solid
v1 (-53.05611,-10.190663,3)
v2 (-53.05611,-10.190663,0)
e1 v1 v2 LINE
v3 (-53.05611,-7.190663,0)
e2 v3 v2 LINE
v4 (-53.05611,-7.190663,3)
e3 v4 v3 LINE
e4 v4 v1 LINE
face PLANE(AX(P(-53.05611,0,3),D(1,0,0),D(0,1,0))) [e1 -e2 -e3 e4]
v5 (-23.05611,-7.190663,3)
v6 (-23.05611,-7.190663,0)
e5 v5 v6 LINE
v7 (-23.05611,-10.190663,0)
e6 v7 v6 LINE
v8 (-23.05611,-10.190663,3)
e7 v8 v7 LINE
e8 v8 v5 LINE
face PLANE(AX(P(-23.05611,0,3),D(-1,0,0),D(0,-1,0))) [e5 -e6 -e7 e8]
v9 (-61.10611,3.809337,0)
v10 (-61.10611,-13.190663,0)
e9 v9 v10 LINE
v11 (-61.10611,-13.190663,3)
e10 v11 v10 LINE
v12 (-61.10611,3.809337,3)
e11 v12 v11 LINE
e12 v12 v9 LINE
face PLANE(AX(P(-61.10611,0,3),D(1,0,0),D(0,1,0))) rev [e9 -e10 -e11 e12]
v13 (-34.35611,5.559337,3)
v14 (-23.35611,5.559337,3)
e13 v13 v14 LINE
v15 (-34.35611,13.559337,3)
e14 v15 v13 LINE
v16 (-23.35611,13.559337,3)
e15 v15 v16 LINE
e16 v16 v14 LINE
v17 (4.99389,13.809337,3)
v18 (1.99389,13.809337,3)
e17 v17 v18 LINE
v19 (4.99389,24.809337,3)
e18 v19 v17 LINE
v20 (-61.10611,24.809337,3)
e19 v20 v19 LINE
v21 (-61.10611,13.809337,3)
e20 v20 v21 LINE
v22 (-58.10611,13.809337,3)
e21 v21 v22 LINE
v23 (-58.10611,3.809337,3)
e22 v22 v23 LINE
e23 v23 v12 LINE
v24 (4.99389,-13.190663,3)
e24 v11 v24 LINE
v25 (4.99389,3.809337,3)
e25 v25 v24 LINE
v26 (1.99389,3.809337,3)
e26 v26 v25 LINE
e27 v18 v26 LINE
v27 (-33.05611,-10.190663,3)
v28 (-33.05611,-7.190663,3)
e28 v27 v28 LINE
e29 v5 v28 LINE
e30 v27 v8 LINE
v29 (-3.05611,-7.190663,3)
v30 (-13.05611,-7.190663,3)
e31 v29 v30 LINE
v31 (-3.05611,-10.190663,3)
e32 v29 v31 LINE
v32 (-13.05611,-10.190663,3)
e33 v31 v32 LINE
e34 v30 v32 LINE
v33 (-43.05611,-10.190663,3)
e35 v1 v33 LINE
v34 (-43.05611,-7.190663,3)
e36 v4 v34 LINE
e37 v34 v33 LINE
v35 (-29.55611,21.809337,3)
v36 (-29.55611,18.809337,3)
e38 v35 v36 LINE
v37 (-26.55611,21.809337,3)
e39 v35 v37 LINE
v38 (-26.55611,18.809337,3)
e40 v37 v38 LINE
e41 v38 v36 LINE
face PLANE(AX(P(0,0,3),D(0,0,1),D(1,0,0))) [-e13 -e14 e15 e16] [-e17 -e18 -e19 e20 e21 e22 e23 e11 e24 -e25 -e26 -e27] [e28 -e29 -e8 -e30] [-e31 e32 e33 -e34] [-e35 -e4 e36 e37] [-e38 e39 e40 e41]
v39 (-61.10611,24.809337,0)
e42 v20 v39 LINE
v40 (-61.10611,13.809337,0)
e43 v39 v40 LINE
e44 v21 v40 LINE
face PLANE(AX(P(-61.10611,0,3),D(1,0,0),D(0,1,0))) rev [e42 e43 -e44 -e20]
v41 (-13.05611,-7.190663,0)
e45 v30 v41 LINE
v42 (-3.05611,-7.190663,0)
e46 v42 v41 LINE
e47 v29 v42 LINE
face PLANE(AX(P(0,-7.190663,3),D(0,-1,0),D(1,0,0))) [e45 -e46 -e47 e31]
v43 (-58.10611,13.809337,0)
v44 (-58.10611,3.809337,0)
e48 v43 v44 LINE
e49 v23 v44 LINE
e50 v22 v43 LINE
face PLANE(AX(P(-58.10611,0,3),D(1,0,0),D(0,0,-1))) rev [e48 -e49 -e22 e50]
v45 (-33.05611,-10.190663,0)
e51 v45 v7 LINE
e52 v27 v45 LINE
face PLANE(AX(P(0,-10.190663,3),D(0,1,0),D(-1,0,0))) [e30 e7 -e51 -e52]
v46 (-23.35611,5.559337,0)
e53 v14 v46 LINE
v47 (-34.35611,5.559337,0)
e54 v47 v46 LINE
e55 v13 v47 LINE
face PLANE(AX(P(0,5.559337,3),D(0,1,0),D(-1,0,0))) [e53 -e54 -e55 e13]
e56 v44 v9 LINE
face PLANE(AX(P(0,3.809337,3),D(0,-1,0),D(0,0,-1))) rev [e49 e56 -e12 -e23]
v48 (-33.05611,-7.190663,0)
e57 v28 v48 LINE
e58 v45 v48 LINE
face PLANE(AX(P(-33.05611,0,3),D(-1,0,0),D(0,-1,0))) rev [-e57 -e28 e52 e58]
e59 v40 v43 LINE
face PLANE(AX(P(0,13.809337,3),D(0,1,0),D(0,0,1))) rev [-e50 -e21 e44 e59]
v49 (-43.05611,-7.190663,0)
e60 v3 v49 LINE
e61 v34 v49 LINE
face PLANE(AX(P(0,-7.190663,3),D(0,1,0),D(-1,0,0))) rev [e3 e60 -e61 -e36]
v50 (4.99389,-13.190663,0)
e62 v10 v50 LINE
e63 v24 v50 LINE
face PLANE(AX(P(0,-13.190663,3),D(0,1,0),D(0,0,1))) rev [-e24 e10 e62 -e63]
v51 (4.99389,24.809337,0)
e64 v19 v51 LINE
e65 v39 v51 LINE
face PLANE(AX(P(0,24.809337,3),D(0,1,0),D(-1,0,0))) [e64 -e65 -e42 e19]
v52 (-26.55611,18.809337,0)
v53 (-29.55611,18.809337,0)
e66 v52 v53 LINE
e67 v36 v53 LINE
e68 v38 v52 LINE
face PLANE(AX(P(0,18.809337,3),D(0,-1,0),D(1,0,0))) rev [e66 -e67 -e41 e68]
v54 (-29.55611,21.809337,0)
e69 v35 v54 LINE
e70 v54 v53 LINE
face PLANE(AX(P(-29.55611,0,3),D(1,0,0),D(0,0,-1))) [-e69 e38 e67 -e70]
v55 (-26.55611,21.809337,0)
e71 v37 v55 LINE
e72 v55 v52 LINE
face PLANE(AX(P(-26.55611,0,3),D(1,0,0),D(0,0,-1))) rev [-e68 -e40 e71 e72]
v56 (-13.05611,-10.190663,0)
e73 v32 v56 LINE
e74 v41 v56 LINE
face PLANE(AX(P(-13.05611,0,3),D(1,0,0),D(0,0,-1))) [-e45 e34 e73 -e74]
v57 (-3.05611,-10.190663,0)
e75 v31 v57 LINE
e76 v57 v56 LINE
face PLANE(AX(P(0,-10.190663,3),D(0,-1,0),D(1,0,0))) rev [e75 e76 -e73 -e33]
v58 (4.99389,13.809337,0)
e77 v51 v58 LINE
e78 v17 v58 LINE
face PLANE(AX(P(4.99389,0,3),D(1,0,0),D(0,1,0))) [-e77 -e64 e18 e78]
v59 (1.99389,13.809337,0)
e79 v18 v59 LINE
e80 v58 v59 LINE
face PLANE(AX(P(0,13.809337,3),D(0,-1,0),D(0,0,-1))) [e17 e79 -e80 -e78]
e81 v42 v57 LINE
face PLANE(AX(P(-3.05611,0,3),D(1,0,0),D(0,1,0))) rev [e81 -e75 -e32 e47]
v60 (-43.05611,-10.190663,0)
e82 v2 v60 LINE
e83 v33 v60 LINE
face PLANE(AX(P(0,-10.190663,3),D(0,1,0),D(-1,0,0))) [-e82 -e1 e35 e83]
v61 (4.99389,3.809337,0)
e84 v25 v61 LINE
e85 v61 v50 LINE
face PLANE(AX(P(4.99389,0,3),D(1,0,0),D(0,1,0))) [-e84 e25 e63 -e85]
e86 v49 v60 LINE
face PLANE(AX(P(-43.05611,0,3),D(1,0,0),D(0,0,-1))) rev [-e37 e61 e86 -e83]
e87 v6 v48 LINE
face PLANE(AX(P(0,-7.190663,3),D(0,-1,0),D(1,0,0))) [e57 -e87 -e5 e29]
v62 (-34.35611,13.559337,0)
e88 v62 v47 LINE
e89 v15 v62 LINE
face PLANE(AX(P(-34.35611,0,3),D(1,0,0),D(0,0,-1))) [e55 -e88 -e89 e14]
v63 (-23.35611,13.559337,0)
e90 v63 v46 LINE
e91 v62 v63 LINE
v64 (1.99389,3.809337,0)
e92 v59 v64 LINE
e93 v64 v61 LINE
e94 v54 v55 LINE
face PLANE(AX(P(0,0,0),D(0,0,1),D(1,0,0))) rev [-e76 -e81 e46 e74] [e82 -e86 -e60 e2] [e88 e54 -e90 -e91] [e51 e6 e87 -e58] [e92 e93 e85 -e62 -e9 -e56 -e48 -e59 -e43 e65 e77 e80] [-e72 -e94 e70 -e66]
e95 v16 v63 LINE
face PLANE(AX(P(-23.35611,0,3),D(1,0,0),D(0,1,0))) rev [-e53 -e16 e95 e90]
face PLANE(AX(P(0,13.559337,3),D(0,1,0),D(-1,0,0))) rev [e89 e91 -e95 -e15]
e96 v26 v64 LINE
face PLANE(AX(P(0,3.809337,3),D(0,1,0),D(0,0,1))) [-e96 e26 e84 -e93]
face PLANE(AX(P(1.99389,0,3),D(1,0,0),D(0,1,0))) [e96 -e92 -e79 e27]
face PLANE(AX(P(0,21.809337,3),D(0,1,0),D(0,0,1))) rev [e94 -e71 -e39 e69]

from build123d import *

# Parameters (mm, degrees)
SKETCH1_W           = 10
SKETCH1_H           = 3
SKETCH1_W_2         = 11
SKETCH1_H_2         = 8
SKETCH1_W_3         = 3
BOSS_EXTRUDE1_DEPTH = 3


with BuildPart() as part:
    # Sketch1 → Boss-Extrude1 (new body)
    with BuildSketch(Plane.XY):
        Polygon((4.993890114, 24.809336695), (-61.106109886, 24.809336695), (-61.106109886, 13.809336695), (-58.106109886, 13.809336695), (-58.106109886, 3.809336695), (-61.106109886, 3.809336695), (-61.106109886, -13.190663305), (4.993890114, -13.190663305), (4.993890114, 3.809336695), (1.993890114, 3.809336695), (1.993890114, 13.809336695), (4.993890114, 13.809336695), align=None)
        with Locations((-28.056109886, -8.690663305)):
            Rectangle(SKETCH1_W, SKETCH1_H, mode=Mode.SUBTRACT)
        with Locations((-28.856109886, 9.559336695)):
            Rectangle(SKETCH1_W_2, SKETCH1_H_2, mode=Mode.SUBTRACT)
        with Locations((-28.056109886, 20.309336695)):
            Rectangle(SKETCH1_W_3, SKETCH1_H, mode=Mode.SUBTRACT)
        with Locations((-8.056109886, -8.690663305)):
            Rectangle(SKETCH1_W, SKETCH1_H, mode=Mode.SUBTRACT)
        with Locations((-48.056109886, -8.690663305)):
            Rectangle(SKETCH1_W, SKETCH1_H, mode=Mode.SUBTRACT)
    extrude(amount=BOSS_EXTRUDE1_DEPTH)


solid = part.part
